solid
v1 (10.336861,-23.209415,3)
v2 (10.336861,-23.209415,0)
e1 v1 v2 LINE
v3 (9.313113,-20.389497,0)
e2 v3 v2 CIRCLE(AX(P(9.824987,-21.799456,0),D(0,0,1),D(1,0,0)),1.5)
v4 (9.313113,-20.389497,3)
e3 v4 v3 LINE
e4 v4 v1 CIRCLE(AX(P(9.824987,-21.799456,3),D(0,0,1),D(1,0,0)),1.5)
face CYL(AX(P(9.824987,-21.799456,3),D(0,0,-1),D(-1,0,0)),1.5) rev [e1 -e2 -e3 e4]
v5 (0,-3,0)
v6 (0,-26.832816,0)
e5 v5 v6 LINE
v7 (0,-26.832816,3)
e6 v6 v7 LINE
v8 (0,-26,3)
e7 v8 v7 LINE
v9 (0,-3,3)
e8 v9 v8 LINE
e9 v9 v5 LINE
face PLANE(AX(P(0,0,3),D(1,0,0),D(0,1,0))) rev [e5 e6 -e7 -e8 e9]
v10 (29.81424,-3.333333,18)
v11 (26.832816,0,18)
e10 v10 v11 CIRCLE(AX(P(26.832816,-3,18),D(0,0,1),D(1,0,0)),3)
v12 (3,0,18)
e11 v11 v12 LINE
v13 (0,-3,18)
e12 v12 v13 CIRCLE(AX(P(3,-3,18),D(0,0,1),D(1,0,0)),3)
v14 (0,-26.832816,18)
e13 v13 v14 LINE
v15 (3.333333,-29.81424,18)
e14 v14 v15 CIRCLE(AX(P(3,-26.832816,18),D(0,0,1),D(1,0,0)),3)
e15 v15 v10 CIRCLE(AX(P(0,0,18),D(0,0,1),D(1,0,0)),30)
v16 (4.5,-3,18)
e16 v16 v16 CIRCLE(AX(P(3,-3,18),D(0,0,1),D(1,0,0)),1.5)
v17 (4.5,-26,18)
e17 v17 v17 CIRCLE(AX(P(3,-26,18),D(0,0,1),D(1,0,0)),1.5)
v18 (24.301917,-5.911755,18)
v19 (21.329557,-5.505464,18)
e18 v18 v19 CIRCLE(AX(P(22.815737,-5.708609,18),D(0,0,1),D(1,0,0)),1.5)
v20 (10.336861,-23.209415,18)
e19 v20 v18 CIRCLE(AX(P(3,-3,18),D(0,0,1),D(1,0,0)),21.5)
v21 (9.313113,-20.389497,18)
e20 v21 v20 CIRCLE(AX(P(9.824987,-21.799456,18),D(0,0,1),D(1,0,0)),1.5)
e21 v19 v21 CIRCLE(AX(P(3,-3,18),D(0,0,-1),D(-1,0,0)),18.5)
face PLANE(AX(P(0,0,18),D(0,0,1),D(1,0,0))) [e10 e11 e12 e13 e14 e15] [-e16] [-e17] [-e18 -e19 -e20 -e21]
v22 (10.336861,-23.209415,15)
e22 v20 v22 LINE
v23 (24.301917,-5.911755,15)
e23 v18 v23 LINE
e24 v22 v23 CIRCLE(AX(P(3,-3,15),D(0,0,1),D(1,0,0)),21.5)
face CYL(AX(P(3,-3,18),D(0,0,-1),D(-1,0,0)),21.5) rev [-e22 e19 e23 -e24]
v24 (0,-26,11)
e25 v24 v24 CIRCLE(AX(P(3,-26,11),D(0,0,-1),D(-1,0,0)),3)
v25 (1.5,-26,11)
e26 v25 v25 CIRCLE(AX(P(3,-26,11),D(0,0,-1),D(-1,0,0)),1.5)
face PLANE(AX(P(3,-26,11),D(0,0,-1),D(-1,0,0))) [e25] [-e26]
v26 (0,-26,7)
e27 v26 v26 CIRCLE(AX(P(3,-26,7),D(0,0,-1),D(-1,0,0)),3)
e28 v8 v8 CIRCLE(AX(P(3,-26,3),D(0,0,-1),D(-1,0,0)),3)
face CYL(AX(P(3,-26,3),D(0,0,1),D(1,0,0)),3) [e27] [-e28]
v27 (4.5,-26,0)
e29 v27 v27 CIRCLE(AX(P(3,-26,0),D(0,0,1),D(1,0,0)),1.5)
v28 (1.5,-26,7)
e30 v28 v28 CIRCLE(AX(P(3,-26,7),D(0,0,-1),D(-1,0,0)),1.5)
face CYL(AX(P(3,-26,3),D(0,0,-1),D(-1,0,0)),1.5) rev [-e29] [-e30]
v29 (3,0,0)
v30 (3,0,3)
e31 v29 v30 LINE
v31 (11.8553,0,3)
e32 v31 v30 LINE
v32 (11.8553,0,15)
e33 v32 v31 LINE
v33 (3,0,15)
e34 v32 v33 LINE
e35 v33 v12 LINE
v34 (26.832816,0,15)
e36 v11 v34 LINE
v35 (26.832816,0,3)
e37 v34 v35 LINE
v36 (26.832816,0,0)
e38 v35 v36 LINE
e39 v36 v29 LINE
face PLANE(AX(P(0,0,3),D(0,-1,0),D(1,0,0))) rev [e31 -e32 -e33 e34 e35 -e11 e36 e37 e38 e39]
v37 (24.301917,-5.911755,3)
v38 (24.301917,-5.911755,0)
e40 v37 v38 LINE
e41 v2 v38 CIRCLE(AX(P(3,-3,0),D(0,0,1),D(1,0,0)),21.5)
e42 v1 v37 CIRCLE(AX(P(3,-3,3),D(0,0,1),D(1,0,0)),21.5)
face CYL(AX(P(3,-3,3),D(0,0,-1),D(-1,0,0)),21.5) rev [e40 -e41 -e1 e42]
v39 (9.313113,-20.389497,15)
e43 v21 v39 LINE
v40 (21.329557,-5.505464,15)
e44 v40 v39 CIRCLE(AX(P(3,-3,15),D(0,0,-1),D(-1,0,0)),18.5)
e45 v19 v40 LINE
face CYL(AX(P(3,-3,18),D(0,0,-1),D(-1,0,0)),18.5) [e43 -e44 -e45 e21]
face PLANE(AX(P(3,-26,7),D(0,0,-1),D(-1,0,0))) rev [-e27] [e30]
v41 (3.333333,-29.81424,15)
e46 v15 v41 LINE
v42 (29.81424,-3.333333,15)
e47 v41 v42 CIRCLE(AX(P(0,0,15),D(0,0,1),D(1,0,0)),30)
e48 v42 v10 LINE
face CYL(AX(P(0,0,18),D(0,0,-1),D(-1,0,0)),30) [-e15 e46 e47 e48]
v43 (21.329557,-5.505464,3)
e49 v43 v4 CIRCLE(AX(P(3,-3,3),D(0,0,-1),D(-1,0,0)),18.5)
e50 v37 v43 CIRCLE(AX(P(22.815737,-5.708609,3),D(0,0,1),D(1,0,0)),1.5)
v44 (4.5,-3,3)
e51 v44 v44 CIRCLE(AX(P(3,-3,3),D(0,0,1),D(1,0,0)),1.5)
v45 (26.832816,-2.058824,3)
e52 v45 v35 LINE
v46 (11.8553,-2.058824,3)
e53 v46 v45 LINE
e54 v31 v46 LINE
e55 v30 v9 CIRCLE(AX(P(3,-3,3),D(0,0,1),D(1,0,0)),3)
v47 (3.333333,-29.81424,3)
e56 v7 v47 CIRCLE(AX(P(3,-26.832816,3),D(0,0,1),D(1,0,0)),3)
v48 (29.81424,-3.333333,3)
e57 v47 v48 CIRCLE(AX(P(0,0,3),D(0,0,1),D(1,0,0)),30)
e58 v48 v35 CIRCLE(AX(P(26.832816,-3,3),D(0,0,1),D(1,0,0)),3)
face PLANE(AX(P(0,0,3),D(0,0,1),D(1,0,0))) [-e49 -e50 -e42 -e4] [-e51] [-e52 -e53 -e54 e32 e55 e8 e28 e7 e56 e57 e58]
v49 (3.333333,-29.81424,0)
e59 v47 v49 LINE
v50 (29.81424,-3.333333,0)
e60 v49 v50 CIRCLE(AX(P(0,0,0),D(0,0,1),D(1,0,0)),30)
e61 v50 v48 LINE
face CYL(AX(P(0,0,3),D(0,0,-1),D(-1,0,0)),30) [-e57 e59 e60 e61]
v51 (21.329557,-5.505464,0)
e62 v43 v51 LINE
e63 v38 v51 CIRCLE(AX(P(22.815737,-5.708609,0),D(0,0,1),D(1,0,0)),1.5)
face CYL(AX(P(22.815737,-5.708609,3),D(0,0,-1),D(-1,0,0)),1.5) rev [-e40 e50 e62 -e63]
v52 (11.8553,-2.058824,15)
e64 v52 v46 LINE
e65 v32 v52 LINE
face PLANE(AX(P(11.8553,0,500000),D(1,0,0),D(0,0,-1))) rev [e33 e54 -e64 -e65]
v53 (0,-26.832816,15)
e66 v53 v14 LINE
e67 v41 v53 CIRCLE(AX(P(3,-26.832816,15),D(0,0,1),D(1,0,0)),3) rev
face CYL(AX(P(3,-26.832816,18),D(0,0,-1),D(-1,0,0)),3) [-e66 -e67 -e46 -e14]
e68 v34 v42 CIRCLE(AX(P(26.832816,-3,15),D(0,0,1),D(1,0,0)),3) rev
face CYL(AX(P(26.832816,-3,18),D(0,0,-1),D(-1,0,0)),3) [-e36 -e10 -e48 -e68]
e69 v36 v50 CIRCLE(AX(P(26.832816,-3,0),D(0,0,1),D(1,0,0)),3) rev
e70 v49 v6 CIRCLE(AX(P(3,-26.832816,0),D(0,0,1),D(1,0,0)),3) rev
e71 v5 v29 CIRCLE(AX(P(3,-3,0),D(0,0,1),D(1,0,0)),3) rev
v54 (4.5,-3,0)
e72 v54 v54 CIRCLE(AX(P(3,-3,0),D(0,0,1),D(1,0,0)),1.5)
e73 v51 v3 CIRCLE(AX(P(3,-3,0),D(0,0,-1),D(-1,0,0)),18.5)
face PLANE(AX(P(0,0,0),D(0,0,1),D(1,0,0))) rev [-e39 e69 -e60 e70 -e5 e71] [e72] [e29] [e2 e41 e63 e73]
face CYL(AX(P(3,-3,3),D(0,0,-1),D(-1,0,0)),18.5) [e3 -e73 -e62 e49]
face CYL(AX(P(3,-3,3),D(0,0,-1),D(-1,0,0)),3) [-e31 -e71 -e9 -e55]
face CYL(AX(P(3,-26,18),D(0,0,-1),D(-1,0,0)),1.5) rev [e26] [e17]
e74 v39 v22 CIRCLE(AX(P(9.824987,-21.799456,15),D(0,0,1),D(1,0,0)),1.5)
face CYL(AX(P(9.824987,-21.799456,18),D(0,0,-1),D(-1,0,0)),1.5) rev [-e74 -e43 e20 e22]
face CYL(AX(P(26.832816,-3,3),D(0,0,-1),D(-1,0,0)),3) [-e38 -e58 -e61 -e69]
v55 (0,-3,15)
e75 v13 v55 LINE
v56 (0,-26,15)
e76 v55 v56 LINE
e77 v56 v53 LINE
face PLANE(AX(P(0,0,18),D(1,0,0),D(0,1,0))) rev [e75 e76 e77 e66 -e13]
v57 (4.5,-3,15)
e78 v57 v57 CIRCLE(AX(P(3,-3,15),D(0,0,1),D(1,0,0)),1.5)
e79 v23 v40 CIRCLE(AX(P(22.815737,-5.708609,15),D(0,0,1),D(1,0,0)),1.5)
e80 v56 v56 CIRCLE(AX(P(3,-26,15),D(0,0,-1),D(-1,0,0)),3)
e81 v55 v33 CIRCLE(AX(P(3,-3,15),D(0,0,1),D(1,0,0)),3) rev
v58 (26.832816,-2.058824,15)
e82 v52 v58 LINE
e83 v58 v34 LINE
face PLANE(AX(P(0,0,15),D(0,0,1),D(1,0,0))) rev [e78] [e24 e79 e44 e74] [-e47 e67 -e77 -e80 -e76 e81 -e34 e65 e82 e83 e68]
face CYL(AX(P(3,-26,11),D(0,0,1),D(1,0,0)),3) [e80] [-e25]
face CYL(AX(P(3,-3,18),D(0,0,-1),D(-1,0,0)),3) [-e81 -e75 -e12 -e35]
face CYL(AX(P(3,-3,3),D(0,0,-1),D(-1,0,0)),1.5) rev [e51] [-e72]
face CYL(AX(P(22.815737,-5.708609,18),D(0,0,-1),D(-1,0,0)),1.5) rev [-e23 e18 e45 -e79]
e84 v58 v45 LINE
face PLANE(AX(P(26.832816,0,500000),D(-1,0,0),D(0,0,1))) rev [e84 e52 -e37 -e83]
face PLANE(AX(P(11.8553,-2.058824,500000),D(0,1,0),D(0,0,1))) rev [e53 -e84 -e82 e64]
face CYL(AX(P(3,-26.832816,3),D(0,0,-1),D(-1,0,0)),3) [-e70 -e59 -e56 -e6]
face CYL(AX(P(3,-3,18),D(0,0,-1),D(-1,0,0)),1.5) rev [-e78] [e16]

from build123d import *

# Parameters (mm, degrees)
SKETCH1_R           = 1.5
BOSS_EXTRUDE1_DEPTH = 3
LPATTERN1_COUNT     = 2
LPATTERN1_PITCH     = 15
FILLET2_R           = 3
FILLET3_R           = 3
SKETCH2_W           = 14.977515773
SKETCH2_H           = 2.058823846
BOSS_EXTRUDE2_DEPTH = 15
SKETCH3_R           = 3
SKETCH3_R_2         = 1.5
BOSS_EXTRUDE3_DEPTH = 4
LPATTERN2_COUNT     = 2
LPATTERN2_PITCH     = 8


with BuildPart() as part:
    # Sketch1 → Boss-Extrude1 (new body)
    with BuildSketch(Plane.XY):
        with BuildLine():
            Line((0, 0), (30, 0))
            ThreePointArc((30, 0), (21.213203436, -21.213203436), (0, -30))
            Line((0, -30), (0, 0))
        make_face()
        with Locations((3, -26)):
            Circle(SKETCH1_R, mode=Mode.SUBTRACT)
        with Locations((3, -3)):
            Circle(SKETCH1_R, mode=Mode.SUBTRACT)
        with BuildLine():
            ThreePointArc((21.329556778, -5.505463694), (17.394405246, -14.621148722), (9.313112731, -20.38949705))
            ThreePointArc((9.313112731, -20.38949705), (8.415027516, -22.311330275), (10.336860742, -23.20941549))
            ThreePointArc((10.336860742, -23.20941549), (19.728633123, -16.505659326), (24.301917337, -5.911755103))
            ThreePointArc((24.301917337, -5.911755103), (23.018882762, -4.222429119), (21.329556778, -5.505463694))
        make_face(mode=Mode.SUBTRACT)
    extrude(amount=BOSS_EXTRUDE1_DEPTH)


with BuildPart() as lpattern1_1:
    # LPattern1: pattern copy
    add(part.part.moved(Location(Vector(0, 0, 1) * (1 * LPATTERN1_PITCH))))

    # Fillet3
    fillet3_edges = [lpattern1_1.edges().sort_by_distance(p)[0] for p in [
        (0, 0, 16.5),
        (30, 0, 16.5),
        (0, -30, 16.5),
    ]]
    fillet(fillet3_edges, radius=FILLET3_R)


with BuildPart() as part_1:
    add(part.part)

    # Fillet2
    fillet2_edges = [part_1.edges().sort_by_distance(p)[0] for p in [
        (0, 0, 1.5),
        (30, 0, 1.5),
        (0, -30, 1.5),
    ]]
    fillet(fillet2_edges, radius=FILLET2_R)

    add(lpattern1_1.part)  # Boss-Extrude2 merges LPattern1_1
    # Sketch2 → Boss-Extrude2 (add)
    with BuildSketch(Plane.XY.offset(3)):
        with Locations((19.344057843, -1.029411923)):
            Rectangle(SKETCH2_W, SKETCH2_H)
    extrude(amount=BOSS_EXTRUDE2_DEPTH)

    # Sketch3 → Boss-Extrude3 (add)
    with BuildSketch(Plane(origin=(0, 0, 15), x_dir=(-1, 0, 0), z_dir=(0, 0, -1))):
        with Locations((-3, -26)):
            Circle(SKETCH3_R)
        with Locations((-3, -26)):
            Circle(SKETCH3_R_2, mode=Mode.SUBTRACT)
    boss_extrude3 = extrude(amount=BOSS_EXTRUDE3_DEPTH)

    # LPattern2: Boss-Extrude3 ×2
    with Locations(*[(0, 0, -i * LPATTERN2_PITCH) for i in range(1, LPATTERN2_COUNT)]):
        add(boss_extrude3)


solid = part_1.part
